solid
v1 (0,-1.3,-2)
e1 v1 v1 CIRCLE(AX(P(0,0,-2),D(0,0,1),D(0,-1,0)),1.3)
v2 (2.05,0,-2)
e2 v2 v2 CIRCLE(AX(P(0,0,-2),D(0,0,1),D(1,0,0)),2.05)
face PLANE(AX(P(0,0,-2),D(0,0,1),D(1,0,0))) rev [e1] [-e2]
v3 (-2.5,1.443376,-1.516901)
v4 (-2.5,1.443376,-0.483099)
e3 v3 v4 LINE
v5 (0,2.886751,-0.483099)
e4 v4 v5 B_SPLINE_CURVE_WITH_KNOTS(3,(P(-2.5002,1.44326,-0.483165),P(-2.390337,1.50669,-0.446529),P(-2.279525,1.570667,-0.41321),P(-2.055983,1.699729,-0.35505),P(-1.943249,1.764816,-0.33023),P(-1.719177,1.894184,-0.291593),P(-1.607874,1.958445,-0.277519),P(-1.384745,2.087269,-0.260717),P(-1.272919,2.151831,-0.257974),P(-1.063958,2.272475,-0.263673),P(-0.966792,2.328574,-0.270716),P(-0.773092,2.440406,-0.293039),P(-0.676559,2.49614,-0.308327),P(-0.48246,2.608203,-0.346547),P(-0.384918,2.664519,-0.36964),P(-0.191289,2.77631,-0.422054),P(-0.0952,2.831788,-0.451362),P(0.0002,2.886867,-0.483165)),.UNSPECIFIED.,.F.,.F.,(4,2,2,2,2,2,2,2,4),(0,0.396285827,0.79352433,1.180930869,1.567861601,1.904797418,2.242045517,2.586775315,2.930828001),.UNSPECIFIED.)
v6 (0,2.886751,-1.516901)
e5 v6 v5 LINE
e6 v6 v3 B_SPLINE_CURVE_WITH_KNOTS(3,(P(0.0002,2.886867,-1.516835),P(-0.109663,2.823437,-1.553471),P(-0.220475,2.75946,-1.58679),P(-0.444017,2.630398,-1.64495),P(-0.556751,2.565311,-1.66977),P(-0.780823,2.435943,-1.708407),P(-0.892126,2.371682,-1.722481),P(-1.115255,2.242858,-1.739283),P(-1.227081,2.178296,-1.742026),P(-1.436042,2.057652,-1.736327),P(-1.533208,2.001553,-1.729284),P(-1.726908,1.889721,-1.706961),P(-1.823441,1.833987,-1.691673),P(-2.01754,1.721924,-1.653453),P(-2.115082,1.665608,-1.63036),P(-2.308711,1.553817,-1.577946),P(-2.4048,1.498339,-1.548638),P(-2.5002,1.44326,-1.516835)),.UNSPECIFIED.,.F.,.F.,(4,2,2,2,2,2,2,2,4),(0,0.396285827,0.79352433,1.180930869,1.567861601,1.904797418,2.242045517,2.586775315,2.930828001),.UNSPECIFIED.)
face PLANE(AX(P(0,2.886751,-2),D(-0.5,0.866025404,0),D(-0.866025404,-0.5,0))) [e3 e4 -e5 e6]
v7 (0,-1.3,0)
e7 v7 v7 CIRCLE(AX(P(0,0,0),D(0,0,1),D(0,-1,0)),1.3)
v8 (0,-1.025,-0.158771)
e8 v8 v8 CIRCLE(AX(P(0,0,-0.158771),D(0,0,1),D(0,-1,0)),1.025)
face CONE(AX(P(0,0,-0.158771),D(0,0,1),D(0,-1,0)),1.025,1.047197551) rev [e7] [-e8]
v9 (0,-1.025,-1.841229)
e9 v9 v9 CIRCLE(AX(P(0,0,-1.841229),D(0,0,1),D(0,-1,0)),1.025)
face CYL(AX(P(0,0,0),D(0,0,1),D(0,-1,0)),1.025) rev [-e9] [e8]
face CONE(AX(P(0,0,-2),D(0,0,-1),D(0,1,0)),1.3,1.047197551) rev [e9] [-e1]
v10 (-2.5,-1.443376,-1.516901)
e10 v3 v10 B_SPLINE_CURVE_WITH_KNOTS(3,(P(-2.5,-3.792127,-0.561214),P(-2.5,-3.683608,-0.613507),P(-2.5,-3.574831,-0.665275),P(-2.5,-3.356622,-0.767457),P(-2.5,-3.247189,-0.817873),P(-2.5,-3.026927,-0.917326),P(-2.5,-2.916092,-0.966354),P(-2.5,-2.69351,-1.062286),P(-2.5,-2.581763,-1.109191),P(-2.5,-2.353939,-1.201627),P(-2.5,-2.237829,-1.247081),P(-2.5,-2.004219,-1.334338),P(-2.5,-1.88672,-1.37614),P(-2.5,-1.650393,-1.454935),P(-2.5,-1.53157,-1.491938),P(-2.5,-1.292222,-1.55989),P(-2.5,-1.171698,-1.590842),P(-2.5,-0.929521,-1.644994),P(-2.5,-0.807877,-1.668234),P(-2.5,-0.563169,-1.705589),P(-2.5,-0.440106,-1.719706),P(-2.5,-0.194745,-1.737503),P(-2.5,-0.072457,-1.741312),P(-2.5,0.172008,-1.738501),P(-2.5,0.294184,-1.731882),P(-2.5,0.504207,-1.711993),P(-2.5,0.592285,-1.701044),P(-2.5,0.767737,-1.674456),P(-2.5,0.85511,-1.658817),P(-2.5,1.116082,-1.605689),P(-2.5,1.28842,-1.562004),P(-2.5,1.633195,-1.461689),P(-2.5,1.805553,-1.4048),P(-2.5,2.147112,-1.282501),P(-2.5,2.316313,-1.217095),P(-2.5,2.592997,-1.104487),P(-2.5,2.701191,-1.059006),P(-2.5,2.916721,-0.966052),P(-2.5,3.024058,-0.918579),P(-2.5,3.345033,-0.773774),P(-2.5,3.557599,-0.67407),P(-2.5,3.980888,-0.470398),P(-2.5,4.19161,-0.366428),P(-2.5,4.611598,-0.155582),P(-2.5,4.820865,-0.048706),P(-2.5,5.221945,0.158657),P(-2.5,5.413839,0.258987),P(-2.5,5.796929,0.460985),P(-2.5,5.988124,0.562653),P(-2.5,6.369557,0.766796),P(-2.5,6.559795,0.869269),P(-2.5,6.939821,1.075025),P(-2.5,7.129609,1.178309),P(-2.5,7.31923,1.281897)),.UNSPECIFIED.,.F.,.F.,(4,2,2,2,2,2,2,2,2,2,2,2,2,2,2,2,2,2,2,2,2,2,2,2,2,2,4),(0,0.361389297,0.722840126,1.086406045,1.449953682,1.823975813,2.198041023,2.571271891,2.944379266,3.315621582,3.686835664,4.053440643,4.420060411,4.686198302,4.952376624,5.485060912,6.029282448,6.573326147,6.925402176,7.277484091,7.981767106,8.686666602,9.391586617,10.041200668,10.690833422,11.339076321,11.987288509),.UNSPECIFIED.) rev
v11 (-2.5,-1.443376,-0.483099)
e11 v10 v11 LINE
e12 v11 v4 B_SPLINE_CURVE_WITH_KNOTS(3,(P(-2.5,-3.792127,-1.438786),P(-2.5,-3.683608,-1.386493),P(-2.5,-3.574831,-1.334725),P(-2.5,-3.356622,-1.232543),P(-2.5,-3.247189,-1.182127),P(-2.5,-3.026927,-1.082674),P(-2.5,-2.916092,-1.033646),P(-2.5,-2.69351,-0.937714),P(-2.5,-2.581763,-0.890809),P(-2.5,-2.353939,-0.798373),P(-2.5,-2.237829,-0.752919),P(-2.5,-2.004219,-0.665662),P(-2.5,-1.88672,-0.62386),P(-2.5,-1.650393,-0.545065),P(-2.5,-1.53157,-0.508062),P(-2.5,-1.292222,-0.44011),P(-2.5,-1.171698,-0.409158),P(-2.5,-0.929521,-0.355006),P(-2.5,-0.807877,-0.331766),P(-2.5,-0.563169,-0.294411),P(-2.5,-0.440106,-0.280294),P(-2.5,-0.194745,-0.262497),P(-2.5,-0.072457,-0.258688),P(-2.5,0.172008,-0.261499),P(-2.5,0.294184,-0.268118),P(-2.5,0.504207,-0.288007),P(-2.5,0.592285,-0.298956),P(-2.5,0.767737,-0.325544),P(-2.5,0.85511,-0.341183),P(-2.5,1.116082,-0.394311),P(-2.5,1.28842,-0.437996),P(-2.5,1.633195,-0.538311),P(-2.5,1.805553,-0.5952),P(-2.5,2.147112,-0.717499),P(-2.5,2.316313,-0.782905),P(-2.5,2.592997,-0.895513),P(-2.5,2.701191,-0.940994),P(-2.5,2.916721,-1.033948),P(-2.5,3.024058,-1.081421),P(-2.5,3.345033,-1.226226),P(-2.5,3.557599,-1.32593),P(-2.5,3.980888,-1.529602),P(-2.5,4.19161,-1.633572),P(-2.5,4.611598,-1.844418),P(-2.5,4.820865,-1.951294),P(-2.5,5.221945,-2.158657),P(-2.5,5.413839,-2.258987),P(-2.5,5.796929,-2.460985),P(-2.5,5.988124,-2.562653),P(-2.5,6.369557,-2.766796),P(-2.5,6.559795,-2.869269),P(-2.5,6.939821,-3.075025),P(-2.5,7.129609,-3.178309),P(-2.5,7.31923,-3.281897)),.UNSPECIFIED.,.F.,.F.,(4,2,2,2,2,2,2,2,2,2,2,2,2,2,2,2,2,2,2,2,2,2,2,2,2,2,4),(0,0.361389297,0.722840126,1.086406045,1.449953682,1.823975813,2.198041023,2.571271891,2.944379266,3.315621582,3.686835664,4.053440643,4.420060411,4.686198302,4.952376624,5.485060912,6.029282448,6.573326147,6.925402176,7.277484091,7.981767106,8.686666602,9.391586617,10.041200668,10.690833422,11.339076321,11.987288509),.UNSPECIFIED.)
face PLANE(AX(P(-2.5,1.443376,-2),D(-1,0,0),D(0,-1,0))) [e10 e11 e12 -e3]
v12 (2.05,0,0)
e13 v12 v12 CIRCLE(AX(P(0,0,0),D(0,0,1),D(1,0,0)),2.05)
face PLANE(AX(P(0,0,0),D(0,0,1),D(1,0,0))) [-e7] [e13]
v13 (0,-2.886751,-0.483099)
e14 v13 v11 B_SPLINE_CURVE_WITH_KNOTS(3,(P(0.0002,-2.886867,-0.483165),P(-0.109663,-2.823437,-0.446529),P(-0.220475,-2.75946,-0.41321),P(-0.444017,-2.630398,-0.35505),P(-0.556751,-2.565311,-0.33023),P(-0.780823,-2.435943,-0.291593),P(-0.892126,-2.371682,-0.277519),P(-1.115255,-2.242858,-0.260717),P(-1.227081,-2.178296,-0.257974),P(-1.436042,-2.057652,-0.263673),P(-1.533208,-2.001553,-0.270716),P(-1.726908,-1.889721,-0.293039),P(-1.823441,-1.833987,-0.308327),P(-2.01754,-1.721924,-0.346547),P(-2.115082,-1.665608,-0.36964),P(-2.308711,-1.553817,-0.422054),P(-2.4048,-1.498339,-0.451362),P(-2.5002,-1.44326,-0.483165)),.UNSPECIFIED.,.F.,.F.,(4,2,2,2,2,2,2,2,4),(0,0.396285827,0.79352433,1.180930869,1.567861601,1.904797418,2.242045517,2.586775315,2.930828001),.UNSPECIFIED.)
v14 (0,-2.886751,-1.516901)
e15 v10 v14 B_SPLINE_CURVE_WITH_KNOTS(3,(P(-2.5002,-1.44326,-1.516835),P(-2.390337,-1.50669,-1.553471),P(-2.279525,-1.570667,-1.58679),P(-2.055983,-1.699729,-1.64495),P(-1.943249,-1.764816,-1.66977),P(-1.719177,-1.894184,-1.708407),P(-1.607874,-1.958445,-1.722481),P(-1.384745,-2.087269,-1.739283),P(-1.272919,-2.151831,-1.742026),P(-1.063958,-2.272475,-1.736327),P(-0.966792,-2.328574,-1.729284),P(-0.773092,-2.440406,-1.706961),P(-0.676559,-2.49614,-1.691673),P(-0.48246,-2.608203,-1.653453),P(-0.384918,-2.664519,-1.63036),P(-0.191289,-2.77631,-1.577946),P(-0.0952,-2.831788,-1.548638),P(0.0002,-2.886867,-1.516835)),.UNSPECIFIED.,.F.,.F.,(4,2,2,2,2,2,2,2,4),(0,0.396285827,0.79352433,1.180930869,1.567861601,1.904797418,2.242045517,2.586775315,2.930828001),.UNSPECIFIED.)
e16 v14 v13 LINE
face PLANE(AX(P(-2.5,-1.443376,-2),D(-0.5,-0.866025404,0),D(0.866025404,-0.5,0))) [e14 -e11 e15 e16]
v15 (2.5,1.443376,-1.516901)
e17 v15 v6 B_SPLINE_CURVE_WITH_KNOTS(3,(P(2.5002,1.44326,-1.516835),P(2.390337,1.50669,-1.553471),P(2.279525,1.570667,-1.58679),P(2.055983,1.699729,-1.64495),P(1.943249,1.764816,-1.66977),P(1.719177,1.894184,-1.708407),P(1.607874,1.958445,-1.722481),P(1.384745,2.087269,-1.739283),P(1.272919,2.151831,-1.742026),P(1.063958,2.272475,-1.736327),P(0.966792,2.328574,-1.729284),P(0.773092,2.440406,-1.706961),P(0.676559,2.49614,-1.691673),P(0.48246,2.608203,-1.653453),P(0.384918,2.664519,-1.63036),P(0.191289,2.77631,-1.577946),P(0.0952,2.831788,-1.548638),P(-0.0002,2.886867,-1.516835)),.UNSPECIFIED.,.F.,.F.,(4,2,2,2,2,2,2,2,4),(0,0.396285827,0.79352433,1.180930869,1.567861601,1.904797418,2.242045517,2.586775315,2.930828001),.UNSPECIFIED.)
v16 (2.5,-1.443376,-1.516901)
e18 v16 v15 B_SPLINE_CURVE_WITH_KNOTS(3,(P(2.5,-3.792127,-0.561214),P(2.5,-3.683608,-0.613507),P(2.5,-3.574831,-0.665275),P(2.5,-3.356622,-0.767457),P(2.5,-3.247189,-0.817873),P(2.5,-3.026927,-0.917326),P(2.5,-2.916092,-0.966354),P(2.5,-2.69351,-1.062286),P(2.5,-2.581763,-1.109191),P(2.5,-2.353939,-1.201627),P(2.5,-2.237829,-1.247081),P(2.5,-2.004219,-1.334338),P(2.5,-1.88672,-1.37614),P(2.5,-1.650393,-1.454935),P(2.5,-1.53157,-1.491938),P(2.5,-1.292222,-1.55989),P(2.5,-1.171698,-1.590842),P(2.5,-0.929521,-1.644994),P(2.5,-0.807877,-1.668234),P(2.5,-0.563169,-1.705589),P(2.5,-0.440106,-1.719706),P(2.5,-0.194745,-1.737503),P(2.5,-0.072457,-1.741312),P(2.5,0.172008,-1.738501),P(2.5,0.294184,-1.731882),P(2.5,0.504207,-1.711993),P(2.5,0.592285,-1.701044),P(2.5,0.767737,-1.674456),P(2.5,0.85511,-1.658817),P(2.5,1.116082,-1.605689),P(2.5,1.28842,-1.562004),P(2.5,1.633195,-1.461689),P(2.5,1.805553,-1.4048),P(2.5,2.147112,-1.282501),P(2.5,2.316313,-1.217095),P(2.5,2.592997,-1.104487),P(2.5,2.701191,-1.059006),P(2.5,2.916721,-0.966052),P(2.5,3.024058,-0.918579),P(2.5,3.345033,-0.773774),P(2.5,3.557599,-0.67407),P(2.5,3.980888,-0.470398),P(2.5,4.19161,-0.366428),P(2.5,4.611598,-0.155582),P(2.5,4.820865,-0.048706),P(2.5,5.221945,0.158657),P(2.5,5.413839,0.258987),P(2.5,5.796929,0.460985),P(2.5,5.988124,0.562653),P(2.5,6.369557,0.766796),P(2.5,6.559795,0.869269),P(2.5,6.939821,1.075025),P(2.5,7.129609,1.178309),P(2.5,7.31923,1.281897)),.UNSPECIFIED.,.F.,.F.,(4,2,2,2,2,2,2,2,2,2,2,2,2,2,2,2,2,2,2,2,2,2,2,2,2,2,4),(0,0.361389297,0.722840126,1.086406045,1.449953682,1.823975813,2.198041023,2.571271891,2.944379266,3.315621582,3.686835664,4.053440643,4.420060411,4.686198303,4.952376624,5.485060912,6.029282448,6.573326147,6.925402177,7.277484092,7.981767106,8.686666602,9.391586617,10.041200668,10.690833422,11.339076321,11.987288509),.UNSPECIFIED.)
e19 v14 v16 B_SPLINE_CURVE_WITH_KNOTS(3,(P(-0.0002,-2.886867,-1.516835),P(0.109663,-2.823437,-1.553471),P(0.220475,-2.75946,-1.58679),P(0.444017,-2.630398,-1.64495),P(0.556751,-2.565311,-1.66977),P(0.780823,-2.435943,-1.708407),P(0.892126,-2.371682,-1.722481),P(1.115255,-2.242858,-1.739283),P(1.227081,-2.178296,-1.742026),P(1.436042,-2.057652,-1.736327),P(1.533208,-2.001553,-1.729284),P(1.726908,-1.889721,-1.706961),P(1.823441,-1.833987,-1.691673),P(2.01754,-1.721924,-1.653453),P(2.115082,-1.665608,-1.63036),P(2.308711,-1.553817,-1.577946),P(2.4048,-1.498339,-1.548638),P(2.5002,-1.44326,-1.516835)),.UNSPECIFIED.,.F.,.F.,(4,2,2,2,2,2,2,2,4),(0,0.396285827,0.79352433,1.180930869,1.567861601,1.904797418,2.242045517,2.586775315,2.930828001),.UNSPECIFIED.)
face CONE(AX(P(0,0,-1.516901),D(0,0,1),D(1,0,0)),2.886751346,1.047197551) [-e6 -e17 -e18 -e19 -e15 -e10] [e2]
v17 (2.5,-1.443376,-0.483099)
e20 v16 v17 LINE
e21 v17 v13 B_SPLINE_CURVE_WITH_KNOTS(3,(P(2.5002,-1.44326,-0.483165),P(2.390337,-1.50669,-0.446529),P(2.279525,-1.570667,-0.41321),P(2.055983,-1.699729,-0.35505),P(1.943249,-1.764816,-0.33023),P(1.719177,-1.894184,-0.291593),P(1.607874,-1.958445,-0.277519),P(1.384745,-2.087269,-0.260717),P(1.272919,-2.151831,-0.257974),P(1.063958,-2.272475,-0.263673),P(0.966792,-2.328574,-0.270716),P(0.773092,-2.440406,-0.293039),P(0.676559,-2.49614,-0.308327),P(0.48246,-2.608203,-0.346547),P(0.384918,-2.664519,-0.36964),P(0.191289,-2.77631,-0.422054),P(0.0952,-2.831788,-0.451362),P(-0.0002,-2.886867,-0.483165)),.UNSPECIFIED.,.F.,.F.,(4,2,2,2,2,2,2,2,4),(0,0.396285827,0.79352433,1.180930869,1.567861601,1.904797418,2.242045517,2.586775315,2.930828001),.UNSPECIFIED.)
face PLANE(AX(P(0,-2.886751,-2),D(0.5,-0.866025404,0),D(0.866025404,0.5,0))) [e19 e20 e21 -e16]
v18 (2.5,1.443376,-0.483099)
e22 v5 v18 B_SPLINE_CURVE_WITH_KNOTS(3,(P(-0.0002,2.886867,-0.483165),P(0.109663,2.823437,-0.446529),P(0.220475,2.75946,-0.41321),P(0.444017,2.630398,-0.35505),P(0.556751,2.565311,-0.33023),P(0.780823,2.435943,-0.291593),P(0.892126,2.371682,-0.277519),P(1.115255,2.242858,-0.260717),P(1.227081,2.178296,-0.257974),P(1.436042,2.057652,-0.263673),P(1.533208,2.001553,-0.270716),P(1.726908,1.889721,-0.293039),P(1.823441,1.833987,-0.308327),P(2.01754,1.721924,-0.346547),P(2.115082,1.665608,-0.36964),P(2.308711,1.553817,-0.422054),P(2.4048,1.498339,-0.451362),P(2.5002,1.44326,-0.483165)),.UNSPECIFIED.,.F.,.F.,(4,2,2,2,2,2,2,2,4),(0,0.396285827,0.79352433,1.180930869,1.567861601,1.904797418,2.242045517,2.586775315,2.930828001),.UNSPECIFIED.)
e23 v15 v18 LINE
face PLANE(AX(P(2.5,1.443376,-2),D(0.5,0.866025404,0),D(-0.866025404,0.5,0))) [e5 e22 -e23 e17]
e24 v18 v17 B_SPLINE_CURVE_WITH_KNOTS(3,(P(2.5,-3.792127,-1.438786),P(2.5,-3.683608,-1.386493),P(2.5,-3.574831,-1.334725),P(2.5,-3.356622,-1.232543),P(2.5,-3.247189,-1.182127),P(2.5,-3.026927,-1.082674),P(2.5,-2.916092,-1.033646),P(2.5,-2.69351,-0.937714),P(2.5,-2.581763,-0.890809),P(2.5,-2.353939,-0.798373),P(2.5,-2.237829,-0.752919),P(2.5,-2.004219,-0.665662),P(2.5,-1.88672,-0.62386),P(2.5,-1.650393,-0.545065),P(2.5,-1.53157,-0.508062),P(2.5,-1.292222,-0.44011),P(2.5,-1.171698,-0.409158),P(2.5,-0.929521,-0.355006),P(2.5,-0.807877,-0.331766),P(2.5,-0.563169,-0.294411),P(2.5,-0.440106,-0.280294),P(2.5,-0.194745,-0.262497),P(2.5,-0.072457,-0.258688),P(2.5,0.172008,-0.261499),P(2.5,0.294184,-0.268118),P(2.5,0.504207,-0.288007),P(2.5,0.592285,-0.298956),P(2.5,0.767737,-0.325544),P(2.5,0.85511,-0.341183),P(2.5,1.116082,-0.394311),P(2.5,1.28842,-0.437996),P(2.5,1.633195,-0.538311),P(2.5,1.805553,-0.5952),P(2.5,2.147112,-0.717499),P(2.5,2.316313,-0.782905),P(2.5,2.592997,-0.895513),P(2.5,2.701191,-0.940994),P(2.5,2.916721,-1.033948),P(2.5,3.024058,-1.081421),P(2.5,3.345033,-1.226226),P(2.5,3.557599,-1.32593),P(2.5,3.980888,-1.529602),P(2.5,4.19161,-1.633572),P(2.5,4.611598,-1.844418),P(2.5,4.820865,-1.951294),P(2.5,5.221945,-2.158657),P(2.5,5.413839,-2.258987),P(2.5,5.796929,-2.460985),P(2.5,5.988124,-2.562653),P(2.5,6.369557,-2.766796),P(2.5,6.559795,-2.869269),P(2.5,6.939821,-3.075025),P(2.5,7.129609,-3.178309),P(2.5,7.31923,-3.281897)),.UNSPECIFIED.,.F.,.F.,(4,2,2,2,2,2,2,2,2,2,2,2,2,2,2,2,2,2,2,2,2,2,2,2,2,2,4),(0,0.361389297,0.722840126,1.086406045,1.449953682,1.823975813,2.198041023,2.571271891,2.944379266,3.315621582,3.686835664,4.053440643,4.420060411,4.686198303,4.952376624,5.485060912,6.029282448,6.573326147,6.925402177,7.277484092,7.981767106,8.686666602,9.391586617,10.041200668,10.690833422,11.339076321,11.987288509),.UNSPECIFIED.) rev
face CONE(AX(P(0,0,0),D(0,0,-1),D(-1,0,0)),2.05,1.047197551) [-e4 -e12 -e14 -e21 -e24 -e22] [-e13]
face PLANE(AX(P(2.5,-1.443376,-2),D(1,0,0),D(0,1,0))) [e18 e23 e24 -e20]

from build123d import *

# Parameters (mm, degrees)
BOSS_EXTRUDE1_DEPTH = 2


with BuildPart() as part:
    # Sketch1 → Boss-Extrude1 (new body)
    with BuildSketch(Plane.XY):
        Polygon((0, 2.886751346), (-2.5, 1.443375673), (-2.5, -1.443375673), (0, -2.886751346), (2.5, -1.443375673), (2.5, 1.443375673), align=None)
    extrude(amount=-BOSS_EXTRUDE1_DEPTH)

    # Sketch4 → Cut-Revolve1 (revolve, cut)
    with BuildSketch(Plane(origin=(0, 0, 0), x_dir=(0, 0, -1), z_dir=(1, 0, 0)), mode=Mode.PRIVATE) as cut_revolve1_sk:
        Polygon((2, 2.886751346), (1.516901385, 2.886751346), (2, 2.05), align=None)
        Polygon((0, 2.886751346), (0.483098615, 2.886751346), (0, 2.05), align=None)
    revolve(cut_revolve1_sk.sketch.rotate(Axis((0, 0, 0), (0, 0, -1)), 299.999999912), axis=Axis((0, 0, 0), (0, 0, -1)), mode=Mode.SUBTRACT)

    # Sketch5 → Cut-Revolve2 (revolve, cut)
    with BuildSketch(Plane(origin=(0, 0, 0), x_dir=(0, 0, -1), z_dir=(1, 0, 0)), mode=Mode.PRIVATE) as cut_revolve2_sk:
        Polygon((0, 0), (0, 1.3), (0.158771324, 1.025), (1.841228676, 1.025), (2, 1.3), (2, 0), align=None)
    revolve(cut_revolve2_sk.sketch.rotate(Axis((0, 0, 0), (0, 0, -1)), 180), axis=Axis((0, 0, 0), (0, 0, -1)), mode=Mode.SUBTRACT)


solid = part.part
